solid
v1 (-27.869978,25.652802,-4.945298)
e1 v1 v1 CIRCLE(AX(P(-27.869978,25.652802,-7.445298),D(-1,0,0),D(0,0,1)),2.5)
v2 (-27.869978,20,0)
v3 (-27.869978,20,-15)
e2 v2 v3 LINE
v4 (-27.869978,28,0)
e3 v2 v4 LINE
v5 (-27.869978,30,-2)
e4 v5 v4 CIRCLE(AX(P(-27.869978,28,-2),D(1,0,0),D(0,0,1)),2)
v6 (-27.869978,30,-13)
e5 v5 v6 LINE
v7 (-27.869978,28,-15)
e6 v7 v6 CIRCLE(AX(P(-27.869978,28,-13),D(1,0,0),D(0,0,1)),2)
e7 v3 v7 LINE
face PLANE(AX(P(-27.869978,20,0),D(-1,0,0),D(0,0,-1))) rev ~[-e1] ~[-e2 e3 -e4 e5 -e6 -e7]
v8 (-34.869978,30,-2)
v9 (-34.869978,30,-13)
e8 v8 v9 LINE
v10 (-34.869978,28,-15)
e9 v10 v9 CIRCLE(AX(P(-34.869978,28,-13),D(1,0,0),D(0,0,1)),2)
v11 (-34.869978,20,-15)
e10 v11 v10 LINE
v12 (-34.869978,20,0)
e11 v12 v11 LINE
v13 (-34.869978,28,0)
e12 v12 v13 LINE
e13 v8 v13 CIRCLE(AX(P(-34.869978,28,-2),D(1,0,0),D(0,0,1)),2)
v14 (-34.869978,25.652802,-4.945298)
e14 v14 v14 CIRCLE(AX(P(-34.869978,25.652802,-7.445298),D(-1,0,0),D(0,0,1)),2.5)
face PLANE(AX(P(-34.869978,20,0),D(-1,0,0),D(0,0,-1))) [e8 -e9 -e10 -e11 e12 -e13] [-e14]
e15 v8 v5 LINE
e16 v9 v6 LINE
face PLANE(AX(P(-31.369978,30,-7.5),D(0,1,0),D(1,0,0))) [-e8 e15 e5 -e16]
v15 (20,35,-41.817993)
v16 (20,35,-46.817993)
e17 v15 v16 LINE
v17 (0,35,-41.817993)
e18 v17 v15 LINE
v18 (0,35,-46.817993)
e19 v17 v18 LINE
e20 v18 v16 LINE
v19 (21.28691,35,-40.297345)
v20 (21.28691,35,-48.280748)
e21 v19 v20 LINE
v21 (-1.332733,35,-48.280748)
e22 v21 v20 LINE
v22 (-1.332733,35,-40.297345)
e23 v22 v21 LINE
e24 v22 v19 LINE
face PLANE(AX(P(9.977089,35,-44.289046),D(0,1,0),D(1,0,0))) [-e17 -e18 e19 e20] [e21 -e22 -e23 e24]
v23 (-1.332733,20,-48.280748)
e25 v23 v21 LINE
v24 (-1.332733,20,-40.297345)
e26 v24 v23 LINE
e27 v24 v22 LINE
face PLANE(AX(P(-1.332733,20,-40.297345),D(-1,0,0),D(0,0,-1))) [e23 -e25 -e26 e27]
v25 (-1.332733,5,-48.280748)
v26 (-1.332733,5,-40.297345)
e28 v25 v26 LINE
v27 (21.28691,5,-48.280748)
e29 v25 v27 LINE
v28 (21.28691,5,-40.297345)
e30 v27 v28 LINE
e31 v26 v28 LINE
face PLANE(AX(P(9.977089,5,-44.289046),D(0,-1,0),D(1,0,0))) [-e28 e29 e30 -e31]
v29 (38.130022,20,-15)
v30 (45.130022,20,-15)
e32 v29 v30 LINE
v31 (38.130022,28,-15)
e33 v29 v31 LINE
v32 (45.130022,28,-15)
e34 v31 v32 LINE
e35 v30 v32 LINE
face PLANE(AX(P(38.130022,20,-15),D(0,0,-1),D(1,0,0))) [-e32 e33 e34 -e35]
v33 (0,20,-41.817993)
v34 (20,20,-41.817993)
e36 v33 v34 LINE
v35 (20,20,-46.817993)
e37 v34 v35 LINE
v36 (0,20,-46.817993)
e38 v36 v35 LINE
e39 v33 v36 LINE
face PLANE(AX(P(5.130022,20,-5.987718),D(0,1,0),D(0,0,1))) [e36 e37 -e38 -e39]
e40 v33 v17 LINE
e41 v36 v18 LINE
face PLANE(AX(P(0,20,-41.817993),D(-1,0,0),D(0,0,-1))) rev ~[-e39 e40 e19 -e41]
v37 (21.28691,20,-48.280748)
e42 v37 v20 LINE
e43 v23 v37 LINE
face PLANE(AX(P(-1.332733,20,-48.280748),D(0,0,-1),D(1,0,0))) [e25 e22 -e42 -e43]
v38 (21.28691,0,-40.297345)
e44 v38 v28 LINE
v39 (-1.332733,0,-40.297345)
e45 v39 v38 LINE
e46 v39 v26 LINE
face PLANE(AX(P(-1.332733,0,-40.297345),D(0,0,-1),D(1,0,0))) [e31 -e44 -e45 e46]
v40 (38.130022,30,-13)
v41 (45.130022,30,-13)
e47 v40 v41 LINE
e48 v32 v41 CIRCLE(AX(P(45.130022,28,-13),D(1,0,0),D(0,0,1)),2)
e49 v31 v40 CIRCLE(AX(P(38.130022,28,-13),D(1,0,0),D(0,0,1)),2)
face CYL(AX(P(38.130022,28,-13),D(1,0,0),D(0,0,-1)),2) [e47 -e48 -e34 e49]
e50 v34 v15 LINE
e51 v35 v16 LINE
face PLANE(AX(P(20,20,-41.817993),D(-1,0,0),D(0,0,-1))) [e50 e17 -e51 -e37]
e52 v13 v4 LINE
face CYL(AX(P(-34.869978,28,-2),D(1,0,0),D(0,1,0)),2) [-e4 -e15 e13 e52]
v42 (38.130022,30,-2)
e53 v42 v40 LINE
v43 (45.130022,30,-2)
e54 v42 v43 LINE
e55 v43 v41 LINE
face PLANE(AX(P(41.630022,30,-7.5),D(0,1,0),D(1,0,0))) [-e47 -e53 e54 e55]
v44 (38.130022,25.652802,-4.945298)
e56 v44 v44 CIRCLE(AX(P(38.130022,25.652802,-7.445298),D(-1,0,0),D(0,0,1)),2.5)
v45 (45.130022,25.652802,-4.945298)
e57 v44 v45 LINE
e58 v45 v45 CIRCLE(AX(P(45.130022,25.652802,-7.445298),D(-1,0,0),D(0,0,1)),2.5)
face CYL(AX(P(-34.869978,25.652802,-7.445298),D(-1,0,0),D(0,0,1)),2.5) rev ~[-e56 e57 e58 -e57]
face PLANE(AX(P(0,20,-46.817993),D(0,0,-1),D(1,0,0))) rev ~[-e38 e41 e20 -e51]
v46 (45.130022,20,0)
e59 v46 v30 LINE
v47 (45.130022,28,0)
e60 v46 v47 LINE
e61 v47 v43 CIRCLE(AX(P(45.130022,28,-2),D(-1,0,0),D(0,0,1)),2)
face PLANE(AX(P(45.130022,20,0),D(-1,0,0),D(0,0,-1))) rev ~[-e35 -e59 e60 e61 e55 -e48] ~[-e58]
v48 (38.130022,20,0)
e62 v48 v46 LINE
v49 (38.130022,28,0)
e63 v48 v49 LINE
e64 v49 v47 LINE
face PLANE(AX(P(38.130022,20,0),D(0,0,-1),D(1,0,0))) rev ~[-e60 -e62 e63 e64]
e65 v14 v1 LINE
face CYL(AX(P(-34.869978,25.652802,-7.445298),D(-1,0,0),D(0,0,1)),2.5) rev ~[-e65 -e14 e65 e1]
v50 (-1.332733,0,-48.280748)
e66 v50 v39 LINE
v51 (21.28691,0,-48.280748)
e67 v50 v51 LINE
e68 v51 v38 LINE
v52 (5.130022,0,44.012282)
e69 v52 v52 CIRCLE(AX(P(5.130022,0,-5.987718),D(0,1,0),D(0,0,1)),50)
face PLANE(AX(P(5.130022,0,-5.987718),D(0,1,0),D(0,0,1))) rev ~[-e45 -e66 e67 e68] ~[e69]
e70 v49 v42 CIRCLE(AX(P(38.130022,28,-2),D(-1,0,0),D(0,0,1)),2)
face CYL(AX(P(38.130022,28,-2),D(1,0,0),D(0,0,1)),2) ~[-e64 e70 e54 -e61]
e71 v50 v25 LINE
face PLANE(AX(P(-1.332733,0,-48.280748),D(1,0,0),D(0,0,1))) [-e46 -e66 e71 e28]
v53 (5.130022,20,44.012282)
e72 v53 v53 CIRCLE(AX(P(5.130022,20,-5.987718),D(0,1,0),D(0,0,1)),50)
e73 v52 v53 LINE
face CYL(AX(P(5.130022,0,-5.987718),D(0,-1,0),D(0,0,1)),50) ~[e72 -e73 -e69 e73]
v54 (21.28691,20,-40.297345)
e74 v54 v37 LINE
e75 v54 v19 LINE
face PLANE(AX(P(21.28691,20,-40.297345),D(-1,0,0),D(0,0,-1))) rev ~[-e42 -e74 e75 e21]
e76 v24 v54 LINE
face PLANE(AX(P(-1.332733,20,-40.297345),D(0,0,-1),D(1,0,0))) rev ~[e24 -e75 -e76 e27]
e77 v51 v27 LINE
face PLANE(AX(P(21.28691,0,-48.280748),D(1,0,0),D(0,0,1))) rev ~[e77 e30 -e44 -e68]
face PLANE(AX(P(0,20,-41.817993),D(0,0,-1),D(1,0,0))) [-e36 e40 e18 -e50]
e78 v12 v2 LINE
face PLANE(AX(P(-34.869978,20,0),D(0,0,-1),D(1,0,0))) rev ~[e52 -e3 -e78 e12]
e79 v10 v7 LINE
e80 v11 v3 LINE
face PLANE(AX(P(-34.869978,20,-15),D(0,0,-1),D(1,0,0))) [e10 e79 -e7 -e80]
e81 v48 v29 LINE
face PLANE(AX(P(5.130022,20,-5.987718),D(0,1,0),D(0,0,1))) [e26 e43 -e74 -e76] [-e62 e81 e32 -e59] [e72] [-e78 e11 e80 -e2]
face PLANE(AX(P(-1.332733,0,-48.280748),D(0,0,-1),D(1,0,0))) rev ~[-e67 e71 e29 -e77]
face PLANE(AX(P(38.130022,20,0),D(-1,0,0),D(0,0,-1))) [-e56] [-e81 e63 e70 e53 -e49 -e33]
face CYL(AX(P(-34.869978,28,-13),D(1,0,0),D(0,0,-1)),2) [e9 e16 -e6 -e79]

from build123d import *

# Parameters (mm, degrees)
SKETCH_2_R          = 50
EXTRUDE_1_DEPTH     = 20
SKETCH_3_W          = 7
SKETCH_3_H          = 15
EXTRUDE_2_DEPTH     = 10
SKETCH_5_R          = 2.5
CUT_EXTRUDE_1_DEPTH = 111.157271919
SKETCH_7_W          = 22.619643184
SKETCH_7_H          = 7.983403476
SKETCH_7_W_2        = 20
SKETCH_7_H_2        = 5
EXTRUDE_3_DEPTH     = 15
SKETCH_8_W          = 22.619643184
SKETCH_8_H          = 7.983403476
CUT_EXTRUDE_2_DEPTH = 5
FILLET_1_R          = 2
FILLET_2_R          = 2


with BuildPart() as part:
    # 草图2 → 凸台-拉伸1 (new body)
    with BuildSketch(Plane(origin=(0, 0, 0), x_dir=(1, 0, 0), z_dir=(0, 1, 0))):
        with Locations(Location((5.130022326, 5.987717908, 0), (0, 0, 270))):
            Circle(SKETCH_2_R)
    extrude(amount=EXTRUDE_1_DEPTH)

    # 草图3 → 凸台-拉伸2 (add)
    with BuildSketch(Plane(origin=(0, 20, 0), x_dir=(1, 0, 0), z_dir=(0, 1, 0))):
        with Locations((-31.369977674, 7.5)):
            Rectangle(SKETCH_3_W, SKETCH_3_H)
        with Locations((41.630022326, 7.5)):
            Rectangle(SKETCH_3_W, SKETCH_3_H)
    extrude(amount=EXTRUDE_2_DEPTH)

    # 草图5 → 切除-拉伸1 (cut, through all)
    with BuildSketch(Plane.ZY.offset(34.869977674)):
        with Locations((-7.44529761, 25.652801918)):
            Circle(SKETCH_5_R)
    extrude(amount=-CUT_EXTRUDE_1_DEPTH, mode=Mode.SUBTRACT)

    # 草图7 → 凸台-拉伸3 (add)
    with BuildSketch(Plane(origin=(0, 20, 0), x_dir=(1, 0, 0), z_dir=(0, 1, 0))):
        with Locations((9.977088722, 44.289046493)):
            Rectangle(SKETCH_7_W, SKETCH_7_H)
        with Locations((10, 44.317993036)):
            Rectangle(SKETCH_7_W_2, SKETCH_7_H_2, mode=Mode.SUBTRACT)
    extrude(amount=EXTRUDE_3_DEPTH)

    # 草图8 → 切除-拉伸2 (cut)
    with BuildSketch(Plane.XZ):
        with Locations((9.977088722, -44.289046493)):
            Rectangle(SKETCH_8_W, SKETCH_8_H)
    extrude(amount=-CUT_EXTRUDE_2_DEPTH, mode=Mode.SUBTRACT)

    # 圆角1
    fillet_1_edges = [part.edges().sort_by_distance(p)[0] for p in [
        (-31.369977674, 30, -15),
    ]]
    fillet(fillet_1_edges, radius=FILLET_1_R)

    # 圆角2
    fillet_2_edges = [part.edges().sort_by_distance(p)[0] for p in [
        (41.630022326, 30, 0),
        (41.630022326, 30, -15),
        (-31.369977674, 30, 0),
    ]]
    fillet(fillet_2_edges, radius=FILLET_2_R)


solid = part.part
